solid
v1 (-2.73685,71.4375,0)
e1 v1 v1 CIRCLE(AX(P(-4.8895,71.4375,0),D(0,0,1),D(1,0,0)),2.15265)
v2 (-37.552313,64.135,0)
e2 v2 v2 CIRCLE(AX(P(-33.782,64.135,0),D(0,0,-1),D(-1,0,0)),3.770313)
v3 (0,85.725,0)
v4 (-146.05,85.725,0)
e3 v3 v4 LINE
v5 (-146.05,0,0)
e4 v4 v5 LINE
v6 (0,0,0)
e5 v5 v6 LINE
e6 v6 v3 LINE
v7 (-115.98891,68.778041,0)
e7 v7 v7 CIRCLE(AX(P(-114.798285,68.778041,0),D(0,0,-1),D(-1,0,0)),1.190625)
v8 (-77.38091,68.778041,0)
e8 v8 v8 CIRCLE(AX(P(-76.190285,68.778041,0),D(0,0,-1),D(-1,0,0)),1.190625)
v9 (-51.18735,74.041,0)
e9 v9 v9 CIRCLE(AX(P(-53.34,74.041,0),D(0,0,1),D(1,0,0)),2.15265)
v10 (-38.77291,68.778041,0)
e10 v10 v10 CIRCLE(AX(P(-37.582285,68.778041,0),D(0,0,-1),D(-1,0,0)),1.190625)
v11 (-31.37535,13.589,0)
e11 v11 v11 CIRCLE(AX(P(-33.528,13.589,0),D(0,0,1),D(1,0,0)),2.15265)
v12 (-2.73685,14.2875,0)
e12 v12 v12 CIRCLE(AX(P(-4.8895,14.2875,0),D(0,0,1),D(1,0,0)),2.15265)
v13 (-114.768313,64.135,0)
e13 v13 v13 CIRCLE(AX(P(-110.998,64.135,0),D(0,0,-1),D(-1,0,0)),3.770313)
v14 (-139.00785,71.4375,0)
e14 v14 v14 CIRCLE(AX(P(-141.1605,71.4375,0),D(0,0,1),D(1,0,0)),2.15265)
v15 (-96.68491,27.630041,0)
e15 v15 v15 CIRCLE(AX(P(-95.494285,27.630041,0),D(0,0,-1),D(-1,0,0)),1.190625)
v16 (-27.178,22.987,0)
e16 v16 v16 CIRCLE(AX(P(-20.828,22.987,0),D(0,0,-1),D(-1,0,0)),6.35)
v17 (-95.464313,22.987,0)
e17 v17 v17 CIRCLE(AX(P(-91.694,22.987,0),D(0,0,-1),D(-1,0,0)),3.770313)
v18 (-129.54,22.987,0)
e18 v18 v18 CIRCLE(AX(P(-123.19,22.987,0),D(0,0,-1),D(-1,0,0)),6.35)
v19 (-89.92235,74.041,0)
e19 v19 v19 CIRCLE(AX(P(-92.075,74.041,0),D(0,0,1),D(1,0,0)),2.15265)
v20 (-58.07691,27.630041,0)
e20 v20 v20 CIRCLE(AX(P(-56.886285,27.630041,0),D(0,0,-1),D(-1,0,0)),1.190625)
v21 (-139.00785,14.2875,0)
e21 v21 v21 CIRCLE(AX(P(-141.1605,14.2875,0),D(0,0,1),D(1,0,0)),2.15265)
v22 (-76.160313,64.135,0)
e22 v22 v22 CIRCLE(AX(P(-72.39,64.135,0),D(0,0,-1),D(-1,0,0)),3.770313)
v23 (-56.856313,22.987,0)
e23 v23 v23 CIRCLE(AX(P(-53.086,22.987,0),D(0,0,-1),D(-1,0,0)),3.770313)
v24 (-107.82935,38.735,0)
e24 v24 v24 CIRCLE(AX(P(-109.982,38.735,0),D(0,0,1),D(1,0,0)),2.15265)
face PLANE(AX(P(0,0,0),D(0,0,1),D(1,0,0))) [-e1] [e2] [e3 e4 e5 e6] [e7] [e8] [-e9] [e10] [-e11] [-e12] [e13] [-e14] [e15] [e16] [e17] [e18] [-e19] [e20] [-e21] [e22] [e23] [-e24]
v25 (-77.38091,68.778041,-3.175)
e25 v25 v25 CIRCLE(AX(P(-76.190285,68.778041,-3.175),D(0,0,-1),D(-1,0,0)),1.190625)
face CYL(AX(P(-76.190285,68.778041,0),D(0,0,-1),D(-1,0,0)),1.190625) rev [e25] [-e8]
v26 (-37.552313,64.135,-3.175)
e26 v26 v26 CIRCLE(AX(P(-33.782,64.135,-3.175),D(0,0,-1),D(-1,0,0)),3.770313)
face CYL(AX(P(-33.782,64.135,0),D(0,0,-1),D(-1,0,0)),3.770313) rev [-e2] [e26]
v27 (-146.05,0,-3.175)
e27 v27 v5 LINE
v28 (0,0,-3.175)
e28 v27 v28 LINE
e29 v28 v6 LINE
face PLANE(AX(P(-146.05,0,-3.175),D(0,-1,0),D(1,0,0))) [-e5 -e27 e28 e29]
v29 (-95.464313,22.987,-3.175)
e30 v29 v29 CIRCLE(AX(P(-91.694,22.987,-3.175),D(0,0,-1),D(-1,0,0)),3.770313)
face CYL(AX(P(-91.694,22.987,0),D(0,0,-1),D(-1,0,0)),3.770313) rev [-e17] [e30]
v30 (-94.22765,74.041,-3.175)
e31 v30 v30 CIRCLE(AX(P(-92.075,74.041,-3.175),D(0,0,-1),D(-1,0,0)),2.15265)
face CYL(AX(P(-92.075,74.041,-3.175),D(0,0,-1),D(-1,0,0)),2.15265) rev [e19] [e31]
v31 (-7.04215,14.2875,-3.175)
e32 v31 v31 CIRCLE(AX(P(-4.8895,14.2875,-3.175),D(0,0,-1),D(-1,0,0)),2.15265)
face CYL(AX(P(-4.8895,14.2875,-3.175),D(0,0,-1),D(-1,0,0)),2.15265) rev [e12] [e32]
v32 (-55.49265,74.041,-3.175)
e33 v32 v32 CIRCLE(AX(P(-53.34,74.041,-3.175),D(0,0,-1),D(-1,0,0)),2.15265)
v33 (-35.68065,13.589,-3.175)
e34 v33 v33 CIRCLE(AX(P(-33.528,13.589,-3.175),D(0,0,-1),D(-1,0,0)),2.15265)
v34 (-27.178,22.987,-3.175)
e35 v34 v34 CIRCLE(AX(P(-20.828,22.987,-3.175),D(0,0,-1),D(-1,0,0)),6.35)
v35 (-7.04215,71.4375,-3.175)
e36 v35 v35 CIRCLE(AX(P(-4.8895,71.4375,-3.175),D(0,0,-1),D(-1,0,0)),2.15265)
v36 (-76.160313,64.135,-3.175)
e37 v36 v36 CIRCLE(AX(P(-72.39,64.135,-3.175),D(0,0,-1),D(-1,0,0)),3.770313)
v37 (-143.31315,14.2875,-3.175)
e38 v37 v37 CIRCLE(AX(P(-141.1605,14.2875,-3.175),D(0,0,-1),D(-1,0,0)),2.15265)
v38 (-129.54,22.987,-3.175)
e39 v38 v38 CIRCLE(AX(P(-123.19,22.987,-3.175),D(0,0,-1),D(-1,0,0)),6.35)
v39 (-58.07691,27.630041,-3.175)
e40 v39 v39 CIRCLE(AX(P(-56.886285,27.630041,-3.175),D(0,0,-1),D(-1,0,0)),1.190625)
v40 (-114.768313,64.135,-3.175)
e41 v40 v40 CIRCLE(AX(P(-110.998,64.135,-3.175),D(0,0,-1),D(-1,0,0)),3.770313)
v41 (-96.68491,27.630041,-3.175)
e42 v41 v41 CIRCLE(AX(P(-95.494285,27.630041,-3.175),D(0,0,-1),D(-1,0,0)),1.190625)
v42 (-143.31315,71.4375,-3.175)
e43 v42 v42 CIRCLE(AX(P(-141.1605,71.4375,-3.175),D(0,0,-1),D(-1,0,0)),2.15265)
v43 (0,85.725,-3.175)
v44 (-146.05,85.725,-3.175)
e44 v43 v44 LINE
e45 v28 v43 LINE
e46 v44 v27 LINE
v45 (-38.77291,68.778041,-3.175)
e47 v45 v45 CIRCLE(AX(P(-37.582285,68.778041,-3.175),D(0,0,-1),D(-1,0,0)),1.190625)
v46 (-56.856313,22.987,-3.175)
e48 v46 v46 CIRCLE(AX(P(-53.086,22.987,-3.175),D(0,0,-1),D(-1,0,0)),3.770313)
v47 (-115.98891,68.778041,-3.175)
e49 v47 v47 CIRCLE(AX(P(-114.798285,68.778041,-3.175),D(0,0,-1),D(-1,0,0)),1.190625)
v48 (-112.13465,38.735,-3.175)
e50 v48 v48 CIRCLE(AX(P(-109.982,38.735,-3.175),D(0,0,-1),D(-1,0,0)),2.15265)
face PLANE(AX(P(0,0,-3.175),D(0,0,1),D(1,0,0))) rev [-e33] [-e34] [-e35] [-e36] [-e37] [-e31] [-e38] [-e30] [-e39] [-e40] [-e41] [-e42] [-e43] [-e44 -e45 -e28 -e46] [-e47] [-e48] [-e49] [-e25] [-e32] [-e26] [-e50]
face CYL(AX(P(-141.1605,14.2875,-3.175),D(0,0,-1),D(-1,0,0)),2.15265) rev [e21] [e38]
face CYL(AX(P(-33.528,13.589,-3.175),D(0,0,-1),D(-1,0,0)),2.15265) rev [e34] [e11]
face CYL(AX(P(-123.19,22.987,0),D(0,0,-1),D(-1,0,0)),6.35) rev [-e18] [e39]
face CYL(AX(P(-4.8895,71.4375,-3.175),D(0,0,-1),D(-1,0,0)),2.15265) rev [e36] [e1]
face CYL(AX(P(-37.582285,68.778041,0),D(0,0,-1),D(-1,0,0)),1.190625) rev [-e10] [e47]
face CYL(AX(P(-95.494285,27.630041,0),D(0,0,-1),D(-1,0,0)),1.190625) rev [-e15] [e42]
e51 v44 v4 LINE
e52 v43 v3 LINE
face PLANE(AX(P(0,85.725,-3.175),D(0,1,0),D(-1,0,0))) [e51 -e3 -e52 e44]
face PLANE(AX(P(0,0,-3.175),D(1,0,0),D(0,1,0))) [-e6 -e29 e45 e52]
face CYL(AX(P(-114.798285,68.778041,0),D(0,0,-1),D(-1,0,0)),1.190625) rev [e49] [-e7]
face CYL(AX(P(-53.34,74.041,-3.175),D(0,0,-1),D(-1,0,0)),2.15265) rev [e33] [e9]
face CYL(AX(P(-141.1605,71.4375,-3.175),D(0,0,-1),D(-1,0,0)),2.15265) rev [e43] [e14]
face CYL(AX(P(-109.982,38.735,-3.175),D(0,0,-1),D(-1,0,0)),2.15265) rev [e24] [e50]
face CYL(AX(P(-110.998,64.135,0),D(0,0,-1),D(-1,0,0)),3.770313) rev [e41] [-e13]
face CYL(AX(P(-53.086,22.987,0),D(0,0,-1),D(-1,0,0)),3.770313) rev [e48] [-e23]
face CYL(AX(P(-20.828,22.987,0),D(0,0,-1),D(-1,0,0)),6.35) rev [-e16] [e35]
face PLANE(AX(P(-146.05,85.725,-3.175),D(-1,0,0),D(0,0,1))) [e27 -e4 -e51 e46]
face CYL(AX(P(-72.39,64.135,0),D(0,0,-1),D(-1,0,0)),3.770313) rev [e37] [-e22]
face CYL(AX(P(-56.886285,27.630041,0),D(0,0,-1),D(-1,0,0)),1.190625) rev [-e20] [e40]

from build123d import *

# Parameters (mm, degrees)
SKETCH1_W                 = 146.05
SKETCH1_H                 = 85.725
BOSS_EXTRUDE1_DEPTH       = 3.175
F_6_CLEARANCE_HOLE1_D     = 4.3053
F_6_CLEARANCE_HOLE1_DEPTH = 12.7
F_6_CLEARANCE_HOLE1_TIP   = 1.293442612
SKETCH4_R                 = 6.35
SKETCH4_R_2               = 3.7703125
SKETCH4_R_3               = 1.190625
CUT_EXTRUDE1_DEPTH        = 4.175


with BuildPart() as part:
    # Sketch1 → Boss-Extrude1 (new body)
    with BuildSketch(Plane.XY):
        with Locations((-73.025, 42.8625)):
            Rectangle(SKETCH1_W, SKETCH1_H)
    extrude(amount=-BOSS_EXTRUDE1_DEPTH)

    # #6 Clearance Hole1
    with Locations(Plane(origin=(0, 0, -3.175), x_dir=(-1, 0, 0), z_dir=(0, 0, -1))):
        with Locations((4.8895, 71.4375), (53.34, 74.041), (92.075, 74.041), (141.1605, 71.4375), (109.982, 38.735), (141.1605, 14.2875), (33.528, 13.589), (4.8895, 14.2875)):
            Hole(F_6_CLEARANCE_HOLE1_D / 2, depth=F_6_CLEARANCE_HOLE1_DEPTH)
            with Locations((0, 0, -(F_6_CLEARANCE_HOLE1_DEPTH + F_6_CLEARANCE_HOLE1_TIP / 2))):  # 118° drill point
                Cone(0, F_6_CLEARANCE_HOLE1_D / 2, F_6_CLEARANCE_HOLE1_TIP, mode=Mode.SUBTRACT)

    # Sketch4 → Cut-Extrude1 (cut, through all)
    with BuildSketch(Plane(origin=(0, 0, -3.175), x_dir=(-1, 0, 0), z_dir=(0, 0, -1))):
        with Locations((20.828, 22.987)):
            Circle(SKETCH4_R)
        with Locations((123.19, 22.987)):
            Circle(SKETCH4_R)
        with Locations((33.782, 64.135)):
            Circle(SKETCH4_R_2)
        with Locations((72.39, 64.135)):
            Circle(SKETCH4_R_2)
        with Locations((110.998, 64.135)):
            Circle(SKETCH4_R_2)
        with Locations((91.694, 22.987)):
            Circle(SKETCH4_R_2)
        with Locations((53.086, 22.987)):
            Circle(SKETCH4_R_2)
        with Locations((37.582285256, 68.778041242)):
            Circle(SKETCH4_R_3)
        with Locations((76.190285256, 68.778041242)):
            Circle(SKETCH4_R_3)
        with Locations((114.798285256, 68.778041242)):
            Circle(SKETCH4_R_3)
        with Locations((56.886285256, 27.630041242)):
            Circle(SKETCH4_R_3)
        with Locations((95.494285256, 27.630041242)):
            Circle(SKETCH4_R_3)
    extrude(amount=-CUT_EXTRUDE1_DEPTH, mode=Mode.SUBTRACT)


solid = part.part
